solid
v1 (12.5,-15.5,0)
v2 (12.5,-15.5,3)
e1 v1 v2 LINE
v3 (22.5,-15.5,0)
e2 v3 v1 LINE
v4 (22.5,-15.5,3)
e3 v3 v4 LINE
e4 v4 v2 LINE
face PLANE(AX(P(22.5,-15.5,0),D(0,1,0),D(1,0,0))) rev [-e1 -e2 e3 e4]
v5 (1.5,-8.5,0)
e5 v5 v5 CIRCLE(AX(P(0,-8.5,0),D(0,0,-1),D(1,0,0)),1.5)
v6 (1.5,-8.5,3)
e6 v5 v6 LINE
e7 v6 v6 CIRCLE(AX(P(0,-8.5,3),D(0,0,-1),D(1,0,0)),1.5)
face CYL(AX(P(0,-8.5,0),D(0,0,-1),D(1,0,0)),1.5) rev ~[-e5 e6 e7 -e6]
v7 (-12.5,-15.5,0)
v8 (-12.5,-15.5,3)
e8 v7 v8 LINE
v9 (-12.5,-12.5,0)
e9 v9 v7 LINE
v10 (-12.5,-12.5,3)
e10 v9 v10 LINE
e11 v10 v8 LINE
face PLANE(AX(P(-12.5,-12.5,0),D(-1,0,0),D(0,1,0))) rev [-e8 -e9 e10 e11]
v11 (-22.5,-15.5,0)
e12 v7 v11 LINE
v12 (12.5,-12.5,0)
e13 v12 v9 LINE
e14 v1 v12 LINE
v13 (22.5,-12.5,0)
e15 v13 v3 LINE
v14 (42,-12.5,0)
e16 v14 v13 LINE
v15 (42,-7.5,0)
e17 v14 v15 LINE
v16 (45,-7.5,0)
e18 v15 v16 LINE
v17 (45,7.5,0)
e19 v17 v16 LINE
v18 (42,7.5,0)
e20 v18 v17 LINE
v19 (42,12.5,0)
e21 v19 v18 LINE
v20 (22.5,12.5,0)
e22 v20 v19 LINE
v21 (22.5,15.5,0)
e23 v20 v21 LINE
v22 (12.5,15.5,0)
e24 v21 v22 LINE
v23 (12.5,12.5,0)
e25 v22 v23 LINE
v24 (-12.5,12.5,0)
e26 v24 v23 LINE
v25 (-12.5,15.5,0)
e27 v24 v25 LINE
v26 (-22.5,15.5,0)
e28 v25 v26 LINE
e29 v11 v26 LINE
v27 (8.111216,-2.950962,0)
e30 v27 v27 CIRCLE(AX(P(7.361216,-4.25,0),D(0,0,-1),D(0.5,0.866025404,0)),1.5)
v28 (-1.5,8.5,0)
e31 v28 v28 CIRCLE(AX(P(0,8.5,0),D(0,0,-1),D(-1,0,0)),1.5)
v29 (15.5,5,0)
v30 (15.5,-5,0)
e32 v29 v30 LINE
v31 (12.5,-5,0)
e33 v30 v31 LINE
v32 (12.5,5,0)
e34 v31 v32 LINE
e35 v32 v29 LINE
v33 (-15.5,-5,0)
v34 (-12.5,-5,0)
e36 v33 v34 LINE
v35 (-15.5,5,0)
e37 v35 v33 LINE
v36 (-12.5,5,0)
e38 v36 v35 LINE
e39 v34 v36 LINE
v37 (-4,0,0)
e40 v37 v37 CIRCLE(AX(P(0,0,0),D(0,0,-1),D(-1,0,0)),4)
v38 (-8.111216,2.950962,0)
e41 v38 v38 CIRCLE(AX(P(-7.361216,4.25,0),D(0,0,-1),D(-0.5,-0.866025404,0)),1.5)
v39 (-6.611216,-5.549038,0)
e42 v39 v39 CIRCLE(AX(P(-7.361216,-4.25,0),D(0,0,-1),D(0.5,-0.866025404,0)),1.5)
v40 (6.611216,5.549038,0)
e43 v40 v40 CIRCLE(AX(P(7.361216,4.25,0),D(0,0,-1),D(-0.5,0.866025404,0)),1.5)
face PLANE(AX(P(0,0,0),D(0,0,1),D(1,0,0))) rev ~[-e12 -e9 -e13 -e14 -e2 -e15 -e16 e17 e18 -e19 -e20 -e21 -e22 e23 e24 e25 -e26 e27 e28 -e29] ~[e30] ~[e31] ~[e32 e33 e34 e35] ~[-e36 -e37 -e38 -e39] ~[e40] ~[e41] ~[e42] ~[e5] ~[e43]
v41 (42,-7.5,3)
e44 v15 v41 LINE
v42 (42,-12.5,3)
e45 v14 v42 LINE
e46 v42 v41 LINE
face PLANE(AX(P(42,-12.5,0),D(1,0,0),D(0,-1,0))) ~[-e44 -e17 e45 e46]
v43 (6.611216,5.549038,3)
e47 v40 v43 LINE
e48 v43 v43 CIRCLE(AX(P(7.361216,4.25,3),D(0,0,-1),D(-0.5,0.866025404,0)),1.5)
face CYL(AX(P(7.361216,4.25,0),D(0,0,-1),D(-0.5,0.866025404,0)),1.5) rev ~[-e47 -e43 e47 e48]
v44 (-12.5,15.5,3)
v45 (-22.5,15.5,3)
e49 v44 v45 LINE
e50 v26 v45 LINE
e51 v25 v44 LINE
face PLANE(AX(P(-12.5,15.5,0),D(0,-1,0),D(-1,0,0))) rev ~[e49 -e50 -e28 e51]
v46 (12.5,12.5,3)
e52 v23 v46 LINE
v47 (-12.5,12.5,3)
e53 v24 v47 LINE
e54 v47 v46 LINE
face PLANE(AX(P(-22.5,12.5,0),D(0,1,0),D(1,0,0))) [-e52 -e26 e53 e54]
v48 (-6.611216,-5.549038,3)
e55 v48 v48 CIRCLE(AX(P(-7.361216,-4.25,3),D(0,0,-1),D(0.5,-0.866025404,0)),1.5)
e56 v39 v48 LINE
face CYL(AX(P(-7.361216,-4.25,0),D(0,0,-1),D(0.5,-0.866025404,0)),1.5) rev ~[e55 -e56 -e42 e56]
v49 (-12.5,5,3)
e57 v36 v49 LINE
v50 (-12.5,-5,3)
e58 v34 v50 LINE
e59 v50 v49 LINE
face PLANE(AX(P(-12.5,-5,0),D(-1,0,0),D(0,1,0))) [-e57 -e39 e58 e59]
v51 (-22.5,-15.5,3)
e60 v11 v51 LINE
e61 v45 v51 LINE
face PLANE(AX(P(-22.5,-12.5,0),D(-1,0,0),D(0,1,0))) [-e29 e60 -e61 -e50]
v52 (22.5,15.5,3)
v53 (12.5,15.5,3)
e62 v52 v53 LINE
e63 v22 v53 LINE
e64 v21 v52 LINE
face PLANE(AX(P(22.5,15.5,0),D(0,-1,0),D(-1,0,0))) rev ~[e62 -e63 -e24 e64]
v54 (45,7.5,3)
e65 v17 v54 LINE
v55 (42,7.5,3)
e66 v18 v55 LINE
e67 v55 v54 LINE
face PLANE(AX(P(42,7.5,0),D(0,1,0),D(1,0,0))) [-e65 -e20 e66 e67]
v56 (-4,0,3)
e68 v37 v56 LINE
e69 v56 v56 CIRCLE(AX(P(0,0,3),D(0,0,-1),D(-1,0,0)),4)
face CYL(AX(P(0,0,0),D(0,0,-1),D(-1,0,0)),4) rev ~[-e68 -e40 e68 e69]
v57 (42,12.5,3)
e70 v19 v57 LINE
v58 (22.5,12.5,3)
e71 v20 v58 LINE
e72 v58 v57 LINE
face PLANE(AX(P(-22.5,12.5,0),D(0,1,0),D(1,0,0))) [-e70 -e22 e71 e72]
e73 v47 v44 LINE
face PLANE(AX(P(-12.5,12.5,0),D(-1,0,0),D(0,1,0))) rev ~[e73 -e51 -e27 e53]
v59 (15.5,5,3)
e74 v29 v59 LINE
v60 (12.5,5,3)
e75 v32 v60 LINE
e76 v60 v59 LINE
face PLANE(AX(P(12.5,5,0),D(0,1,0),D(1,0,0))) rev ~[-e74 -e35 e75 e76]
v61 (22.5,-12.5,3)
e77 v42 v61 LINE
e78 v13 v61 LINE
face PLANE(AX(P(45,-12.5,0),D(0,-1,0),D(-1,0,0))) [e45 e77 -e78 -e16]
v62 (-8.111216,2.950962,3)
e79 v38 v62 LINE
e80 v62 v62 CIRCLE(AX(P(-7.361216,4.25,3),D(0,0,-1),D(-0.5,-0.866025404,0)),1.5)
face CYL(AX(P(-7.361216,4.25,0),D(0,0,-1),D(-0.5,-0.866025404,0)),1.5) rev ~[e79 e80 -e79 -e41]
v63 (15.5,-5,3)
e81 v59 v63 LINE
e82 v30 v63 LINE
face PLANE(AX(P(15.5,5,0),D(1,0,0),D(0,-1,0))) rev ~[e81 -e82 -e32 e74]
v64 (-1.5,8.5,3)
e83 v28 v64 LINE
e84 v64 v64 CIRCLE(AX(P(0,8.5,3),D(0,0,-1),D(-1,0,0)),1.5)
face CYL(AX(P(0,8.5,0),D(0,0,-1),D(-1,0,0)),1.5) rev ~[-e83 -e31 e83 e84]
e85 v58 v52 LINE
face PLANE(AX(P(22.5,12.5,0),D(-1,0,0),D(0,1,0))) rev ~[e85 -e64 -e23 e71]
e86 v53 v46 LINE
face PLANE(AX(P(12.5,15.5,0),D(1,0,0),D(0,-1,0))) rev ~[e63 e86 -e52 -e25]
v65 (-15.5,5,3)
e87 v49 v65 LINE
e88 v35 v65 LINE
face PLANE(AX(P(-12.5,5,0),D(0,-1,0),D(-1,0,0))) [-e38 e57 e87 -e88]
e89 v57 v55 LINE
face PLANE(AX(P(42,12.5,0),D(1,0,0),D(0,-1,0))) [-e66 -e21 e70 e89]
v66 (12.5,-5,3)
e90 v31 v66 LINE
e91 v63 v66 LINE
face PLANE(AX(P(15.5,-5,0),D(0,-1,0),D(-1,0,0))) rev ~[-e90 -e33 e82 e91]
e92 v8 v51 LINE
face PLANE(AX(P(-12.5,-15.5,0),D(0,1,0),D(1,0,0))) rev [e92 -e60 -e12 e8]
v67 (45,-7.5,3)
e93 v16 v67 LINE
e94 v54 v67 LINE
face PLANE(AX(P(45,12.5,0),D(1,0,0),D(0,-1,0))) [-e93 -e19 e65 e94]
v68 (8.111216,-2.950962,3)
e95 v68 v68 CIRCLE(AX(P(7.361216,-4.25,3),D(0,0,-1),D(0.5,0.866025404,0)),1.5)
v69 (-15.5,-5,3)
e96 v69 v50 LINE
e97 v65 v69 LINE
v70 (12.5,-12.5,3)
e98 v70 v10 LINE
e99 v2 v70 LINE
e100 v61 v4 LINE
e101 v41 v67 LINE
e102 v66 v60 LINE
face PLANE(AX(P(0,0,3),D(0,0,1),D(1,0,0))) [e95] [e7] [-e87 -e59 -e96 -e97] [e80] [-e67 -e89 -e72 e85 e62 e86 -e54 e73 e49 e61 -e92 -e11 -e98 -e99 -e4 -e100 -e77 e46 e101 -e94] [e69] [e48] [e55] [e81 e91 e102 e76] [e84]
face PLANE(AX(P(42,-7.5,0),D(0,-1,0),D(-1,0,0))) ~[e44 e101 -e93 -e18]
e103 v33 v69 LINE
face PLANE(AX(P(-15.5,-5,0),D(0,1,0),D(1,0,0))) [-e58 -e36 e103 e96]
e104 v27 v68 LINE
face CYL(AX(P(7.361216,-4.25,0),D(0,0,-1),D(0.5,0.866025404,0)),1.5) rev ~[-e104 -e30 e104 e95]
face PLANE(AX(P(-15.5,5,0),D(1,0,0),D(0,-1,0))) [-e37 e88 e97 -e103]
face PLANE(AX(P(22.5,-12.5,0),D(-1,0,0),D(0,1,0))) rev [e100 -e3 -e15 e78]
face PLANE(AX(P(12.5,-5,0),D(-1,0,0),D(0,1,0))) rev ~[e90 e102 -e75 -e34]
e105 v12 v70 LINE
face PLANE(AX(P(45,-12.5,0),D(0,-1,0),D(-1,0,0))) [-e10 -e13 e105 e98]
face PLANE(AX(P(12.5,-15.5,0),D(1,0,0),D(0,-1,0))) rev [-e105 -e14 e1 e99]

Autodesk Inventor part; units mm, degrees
ref_plane "YZ Plane" through (0, 0, 0) normal (1, 0, 0) x (0, 1, 0)
ref_plane "XZ Plane" through (0, 0, 0) normal (0, 1, 0) x (-1, 0, 0)
ref_plane "XY Plane" through (0, 0, 0) normal (0, 0, 1) x (1, 0, 0)
sketch "Sketch1" plane through (0, 0, 0) normal (0, 0, 1) x (1, 0, 0)
  circle A0 centre (0, 0) radius 12.5 construction
  circle A1 centre (0, 8.5) radius 1.5 construction
  circle A2 centre (-7.3612, 4.25) radius 1.5 construction
  circle A3 centre (-7.3612, -4.25) radius 1.5 construction
  circle A4 centre (0, -8.5) radius 1.5 construction
  circle A5 centre (7.3612, -4.25) radius 1.5 construction
  circle A6 centre (7.3612, 4.25) radius 1.5 construction
  circle A7 centre (0, 0) radius 4 construction
  line L0 (45, -12.5) -> (-22.5, -12.5) construction
  line L1 (-22.5, -12.5) -> (-22.5, 12.5) construction
  line L2 (-22.5, 12.5) -> (45, 12.5) construction
  line L3 (45, 12.5) -> (45, -12.5) construction
  line L4 (45, -12.5) -> (-22.5, 12.5) construction
  line L5 (-22.5, -12.5) -> (45, 12.5) construction
  line L6 (-22.5, -12.5) -> (-12.5, -12.5) construction
  line L7 (-12.5, -12.5) -> (-12.5, -15.5) construction
  line L8 (-12.5, -15.5) -> (-22.5, -15.5) construction
  line L9 (-22.5, -15.5) -> (-22.5, -12.5) construction
  line L10 (12.5, -12.5) -> (22.5, -12.5) construction
  line L11 (22.5, -12.5) -> (22.5, -15.5) construction
  line L12 (22.5, -15.5) -> (12.5, -15.5) construction
  line L13 (12.5, -15.5) -> (12.5, -12.5) construction
  line L14 (-22.5, 12.5) -> (-12.5, 12.5) construction
  line L15 (-12.5, 12.5) -> (-12.5, 15.5) construction
  line L16 (-12.5, 15.5) -> (-22.5, 15.5) construction
  line L17 (-22.5, 15.5) -> (-22.5, 12.5) construction
  line L18 (12.5, 12.5) -> (22.5, 12.5) construction
  line L19 (22.5, 12.5) -> (22.5, 15.5) construction
  line L20 (22.5, 15.5) -> (12.5, 15.5) construction
  line L21 (12.5, 15.5) -> (12.5, 12.5) construction
  line L22 (45, 12.5) -> (42, 12.5) construction
  line L23 (42, 12.5) -> (42, 7.5) construction
  line L24 (42, 7.5) -> (45, 7.5) construction
  line L25 (45, 7.5) -> (45, 12.5) construction
  line L26 (45, -12.5) -> (42, -12.5) construction
  line L27 (42, -12.5) -> (42, -7.5) construction
  line L28 (42, -7.5) -> (45, -7.5) construction
  line L29 (45, -7.5) -> (45, -12.5) construction
  point P0 (11.25, 0)
  dimension "d0" = 25
  dimension "d1" = 3
  dimension "d2" = 8.5
  dimension "d5" = 360
  dimension "d7" = 8
  dimension "d8" = 10
  dimension "d9" = 3
  dimension "d10" = 10
  dimension "d11" = 3
  dimension "d12" = 22.5
  dimension "d13" = 10
  dimension "d14" = 3
  dimension "d15" = 10
  dimension "d16" = 3
  dimension "d17" = 3
  dimension "d18" = 5
  dimension "d19" = 3
  dimension "d20" = 5
sketch "Sketch2" plane through (0, 0, 0) normal (0, 0, 1) x (1, 0, 0)
  line L0 (45, -12.5) -> (-22.5, -12.5) construction
  line L1 (-22.5, -12.5) -> (-22.5, 12.5) construction
  line L2 (-22.5, 12.5) -> (45, 12.5) construction
  line L3 (-22.5, 12.5) -> (45, 12.5)
  line L4 (45, 12.5) -> (45, -12.5)
  line L5 (45, -12.5) -> (-22.5, -12.5)
  line L6 (-22.5, -12.5) -> (-22.5, 12.5)
  point P0 (0, 0)
extrude "Extrusion1" add sketch "Sketch2" along normal blind 3
sketch "Sketch3" plane through (0, 0, 0) normal (0, 0, -1) x (-1, 0, 0)
  line L0 (12.5, 15.5) -> (22.5, 15.5) construction
  line L1 (12.5, 12.5) -> (12.5, 15.5) construction
  line L2 (22.5, 12.5) -> (12.5, 12.5)
  line L3 (12.5, 12.5) -> (12.5, 15.5)
  line L4 (12.5, 15.5) -> (22.5, 15.5)
  line L5 (22.5, 15.5) -> (22.5, 12.5)
  line L6 (-22.5, 15.5) -> (-12.5, 15.5) construction
  line L7 (-22.5, 12.5) -> (-22.5, 15.5) construction
  line L8 (-12.5, 15.5) -> (-12.5, 12.5) construction
  line L9 (-12.5, 12.5) -> (-22.5, 12.5)
  line L10 (-22.5, 12.5) -> (-22.5, 15.5)
  line L11 (-22.5, 15.5) -> (-12.5, 15.5)
  line L12 (-12.5, 15.5) -> (-12.5, 12.5)
  point P0 (0, 0)
extrude "Extrusion2" add sketch "Sketch3" against normal blind 3
sketch "Sketch4" plane through (0, 0, 0) normal (0, 0, -1) x (-1, 0, 0)
  line L0 (-42, 12.5) -> (-42, 7.5) construction
  line L1 (-42, 7.5) -> (-45, 7.5) construction
  line L2 (-45, 12.5) -> (-42, 12.5)
  line L3 (-42, 12.5) -> (-42, 7.5)
  line L4 (-42, 7.5) -> (-45, 7.5)
  line L5 (-45, 7.5) -> (-45, 12.5)
  point P0 (0, 0)
extrude "Extrusion3" cut sketch "Sketch4" against normal blind 3
sketch "Sketch5" plane through (0, 0, 0) normal (0, 0, -1) x (-1, 0, 0)
  circle A0 centre (0, 0) radius 4 construction
  circle A1 centre (0, 8.5) radius 1.5 construction
  circle A2 centre (0, 0) radius 4
extrude "Extrusion4" cut sketch "Sketch5" against normal blind 3
sketch "Sketch6" plane through (0, 0, 0) normal (0, 0, -1) x (-1, 0, 0)
  circle A0 centre (0, 8.5) radius 1.5 construction
  circle A1 centre (0, 8.5) radius 1.5
  point P0 (0, 0)
extrude "Extrusion5" cut sketch "Sketch6" against normal blind 3
mirror "Mirror1" about plane through (0, 0, 0) normal (0, 1, 0) of "Extrusion2", "Extrusion3"
pattern_circular "Circular Pattern1" count 6 over 360 about axis through (0, 0, 0) along (0, 0, 1) of "Extrusion5"
sketch "Sketch7" plane through (0, 0, 0) normal (0, 0, -1) x (-1, 0, 0)
  line L0 (12.5, 5) -> (15.5, 5)
  line L1 (15.5, 5) -> (15.5, -5)
  line L2 (15.5, -5) -> (12.5, -5)
  line L3 (12.5, -5) -> (12.5, 5)
  line L4 (12.5, 15.5) -> (12.5, 12.5) projected
  line L5 (22.5, -15.5) -> (22.5, 15.5) projected
  line L6 (-12.5, 5) -> (-15.5, 5)
  line L7 (-15.5, 5) -> (-15.5, -5)
  line L8 (-15.5, -5) -> (-12.5, -5)
  line L9 (-12.5, -5) -> (-12.5, 5)
  line L10 (-12.5, 12.5) -> (-12.5, 15.5) projected
  point P0 (0, 0)
  point P1 (15.5, 0)
  point P2 (22.5, 0)
  dimension "d34" = 3
  dimension "d35" = 10
  dimension "d36" = 3
  dimension "d37" = 10
extrude "Extrusion6" cut sketch "Sketch7" against normal blind 3
properties part number "Motor mount"
